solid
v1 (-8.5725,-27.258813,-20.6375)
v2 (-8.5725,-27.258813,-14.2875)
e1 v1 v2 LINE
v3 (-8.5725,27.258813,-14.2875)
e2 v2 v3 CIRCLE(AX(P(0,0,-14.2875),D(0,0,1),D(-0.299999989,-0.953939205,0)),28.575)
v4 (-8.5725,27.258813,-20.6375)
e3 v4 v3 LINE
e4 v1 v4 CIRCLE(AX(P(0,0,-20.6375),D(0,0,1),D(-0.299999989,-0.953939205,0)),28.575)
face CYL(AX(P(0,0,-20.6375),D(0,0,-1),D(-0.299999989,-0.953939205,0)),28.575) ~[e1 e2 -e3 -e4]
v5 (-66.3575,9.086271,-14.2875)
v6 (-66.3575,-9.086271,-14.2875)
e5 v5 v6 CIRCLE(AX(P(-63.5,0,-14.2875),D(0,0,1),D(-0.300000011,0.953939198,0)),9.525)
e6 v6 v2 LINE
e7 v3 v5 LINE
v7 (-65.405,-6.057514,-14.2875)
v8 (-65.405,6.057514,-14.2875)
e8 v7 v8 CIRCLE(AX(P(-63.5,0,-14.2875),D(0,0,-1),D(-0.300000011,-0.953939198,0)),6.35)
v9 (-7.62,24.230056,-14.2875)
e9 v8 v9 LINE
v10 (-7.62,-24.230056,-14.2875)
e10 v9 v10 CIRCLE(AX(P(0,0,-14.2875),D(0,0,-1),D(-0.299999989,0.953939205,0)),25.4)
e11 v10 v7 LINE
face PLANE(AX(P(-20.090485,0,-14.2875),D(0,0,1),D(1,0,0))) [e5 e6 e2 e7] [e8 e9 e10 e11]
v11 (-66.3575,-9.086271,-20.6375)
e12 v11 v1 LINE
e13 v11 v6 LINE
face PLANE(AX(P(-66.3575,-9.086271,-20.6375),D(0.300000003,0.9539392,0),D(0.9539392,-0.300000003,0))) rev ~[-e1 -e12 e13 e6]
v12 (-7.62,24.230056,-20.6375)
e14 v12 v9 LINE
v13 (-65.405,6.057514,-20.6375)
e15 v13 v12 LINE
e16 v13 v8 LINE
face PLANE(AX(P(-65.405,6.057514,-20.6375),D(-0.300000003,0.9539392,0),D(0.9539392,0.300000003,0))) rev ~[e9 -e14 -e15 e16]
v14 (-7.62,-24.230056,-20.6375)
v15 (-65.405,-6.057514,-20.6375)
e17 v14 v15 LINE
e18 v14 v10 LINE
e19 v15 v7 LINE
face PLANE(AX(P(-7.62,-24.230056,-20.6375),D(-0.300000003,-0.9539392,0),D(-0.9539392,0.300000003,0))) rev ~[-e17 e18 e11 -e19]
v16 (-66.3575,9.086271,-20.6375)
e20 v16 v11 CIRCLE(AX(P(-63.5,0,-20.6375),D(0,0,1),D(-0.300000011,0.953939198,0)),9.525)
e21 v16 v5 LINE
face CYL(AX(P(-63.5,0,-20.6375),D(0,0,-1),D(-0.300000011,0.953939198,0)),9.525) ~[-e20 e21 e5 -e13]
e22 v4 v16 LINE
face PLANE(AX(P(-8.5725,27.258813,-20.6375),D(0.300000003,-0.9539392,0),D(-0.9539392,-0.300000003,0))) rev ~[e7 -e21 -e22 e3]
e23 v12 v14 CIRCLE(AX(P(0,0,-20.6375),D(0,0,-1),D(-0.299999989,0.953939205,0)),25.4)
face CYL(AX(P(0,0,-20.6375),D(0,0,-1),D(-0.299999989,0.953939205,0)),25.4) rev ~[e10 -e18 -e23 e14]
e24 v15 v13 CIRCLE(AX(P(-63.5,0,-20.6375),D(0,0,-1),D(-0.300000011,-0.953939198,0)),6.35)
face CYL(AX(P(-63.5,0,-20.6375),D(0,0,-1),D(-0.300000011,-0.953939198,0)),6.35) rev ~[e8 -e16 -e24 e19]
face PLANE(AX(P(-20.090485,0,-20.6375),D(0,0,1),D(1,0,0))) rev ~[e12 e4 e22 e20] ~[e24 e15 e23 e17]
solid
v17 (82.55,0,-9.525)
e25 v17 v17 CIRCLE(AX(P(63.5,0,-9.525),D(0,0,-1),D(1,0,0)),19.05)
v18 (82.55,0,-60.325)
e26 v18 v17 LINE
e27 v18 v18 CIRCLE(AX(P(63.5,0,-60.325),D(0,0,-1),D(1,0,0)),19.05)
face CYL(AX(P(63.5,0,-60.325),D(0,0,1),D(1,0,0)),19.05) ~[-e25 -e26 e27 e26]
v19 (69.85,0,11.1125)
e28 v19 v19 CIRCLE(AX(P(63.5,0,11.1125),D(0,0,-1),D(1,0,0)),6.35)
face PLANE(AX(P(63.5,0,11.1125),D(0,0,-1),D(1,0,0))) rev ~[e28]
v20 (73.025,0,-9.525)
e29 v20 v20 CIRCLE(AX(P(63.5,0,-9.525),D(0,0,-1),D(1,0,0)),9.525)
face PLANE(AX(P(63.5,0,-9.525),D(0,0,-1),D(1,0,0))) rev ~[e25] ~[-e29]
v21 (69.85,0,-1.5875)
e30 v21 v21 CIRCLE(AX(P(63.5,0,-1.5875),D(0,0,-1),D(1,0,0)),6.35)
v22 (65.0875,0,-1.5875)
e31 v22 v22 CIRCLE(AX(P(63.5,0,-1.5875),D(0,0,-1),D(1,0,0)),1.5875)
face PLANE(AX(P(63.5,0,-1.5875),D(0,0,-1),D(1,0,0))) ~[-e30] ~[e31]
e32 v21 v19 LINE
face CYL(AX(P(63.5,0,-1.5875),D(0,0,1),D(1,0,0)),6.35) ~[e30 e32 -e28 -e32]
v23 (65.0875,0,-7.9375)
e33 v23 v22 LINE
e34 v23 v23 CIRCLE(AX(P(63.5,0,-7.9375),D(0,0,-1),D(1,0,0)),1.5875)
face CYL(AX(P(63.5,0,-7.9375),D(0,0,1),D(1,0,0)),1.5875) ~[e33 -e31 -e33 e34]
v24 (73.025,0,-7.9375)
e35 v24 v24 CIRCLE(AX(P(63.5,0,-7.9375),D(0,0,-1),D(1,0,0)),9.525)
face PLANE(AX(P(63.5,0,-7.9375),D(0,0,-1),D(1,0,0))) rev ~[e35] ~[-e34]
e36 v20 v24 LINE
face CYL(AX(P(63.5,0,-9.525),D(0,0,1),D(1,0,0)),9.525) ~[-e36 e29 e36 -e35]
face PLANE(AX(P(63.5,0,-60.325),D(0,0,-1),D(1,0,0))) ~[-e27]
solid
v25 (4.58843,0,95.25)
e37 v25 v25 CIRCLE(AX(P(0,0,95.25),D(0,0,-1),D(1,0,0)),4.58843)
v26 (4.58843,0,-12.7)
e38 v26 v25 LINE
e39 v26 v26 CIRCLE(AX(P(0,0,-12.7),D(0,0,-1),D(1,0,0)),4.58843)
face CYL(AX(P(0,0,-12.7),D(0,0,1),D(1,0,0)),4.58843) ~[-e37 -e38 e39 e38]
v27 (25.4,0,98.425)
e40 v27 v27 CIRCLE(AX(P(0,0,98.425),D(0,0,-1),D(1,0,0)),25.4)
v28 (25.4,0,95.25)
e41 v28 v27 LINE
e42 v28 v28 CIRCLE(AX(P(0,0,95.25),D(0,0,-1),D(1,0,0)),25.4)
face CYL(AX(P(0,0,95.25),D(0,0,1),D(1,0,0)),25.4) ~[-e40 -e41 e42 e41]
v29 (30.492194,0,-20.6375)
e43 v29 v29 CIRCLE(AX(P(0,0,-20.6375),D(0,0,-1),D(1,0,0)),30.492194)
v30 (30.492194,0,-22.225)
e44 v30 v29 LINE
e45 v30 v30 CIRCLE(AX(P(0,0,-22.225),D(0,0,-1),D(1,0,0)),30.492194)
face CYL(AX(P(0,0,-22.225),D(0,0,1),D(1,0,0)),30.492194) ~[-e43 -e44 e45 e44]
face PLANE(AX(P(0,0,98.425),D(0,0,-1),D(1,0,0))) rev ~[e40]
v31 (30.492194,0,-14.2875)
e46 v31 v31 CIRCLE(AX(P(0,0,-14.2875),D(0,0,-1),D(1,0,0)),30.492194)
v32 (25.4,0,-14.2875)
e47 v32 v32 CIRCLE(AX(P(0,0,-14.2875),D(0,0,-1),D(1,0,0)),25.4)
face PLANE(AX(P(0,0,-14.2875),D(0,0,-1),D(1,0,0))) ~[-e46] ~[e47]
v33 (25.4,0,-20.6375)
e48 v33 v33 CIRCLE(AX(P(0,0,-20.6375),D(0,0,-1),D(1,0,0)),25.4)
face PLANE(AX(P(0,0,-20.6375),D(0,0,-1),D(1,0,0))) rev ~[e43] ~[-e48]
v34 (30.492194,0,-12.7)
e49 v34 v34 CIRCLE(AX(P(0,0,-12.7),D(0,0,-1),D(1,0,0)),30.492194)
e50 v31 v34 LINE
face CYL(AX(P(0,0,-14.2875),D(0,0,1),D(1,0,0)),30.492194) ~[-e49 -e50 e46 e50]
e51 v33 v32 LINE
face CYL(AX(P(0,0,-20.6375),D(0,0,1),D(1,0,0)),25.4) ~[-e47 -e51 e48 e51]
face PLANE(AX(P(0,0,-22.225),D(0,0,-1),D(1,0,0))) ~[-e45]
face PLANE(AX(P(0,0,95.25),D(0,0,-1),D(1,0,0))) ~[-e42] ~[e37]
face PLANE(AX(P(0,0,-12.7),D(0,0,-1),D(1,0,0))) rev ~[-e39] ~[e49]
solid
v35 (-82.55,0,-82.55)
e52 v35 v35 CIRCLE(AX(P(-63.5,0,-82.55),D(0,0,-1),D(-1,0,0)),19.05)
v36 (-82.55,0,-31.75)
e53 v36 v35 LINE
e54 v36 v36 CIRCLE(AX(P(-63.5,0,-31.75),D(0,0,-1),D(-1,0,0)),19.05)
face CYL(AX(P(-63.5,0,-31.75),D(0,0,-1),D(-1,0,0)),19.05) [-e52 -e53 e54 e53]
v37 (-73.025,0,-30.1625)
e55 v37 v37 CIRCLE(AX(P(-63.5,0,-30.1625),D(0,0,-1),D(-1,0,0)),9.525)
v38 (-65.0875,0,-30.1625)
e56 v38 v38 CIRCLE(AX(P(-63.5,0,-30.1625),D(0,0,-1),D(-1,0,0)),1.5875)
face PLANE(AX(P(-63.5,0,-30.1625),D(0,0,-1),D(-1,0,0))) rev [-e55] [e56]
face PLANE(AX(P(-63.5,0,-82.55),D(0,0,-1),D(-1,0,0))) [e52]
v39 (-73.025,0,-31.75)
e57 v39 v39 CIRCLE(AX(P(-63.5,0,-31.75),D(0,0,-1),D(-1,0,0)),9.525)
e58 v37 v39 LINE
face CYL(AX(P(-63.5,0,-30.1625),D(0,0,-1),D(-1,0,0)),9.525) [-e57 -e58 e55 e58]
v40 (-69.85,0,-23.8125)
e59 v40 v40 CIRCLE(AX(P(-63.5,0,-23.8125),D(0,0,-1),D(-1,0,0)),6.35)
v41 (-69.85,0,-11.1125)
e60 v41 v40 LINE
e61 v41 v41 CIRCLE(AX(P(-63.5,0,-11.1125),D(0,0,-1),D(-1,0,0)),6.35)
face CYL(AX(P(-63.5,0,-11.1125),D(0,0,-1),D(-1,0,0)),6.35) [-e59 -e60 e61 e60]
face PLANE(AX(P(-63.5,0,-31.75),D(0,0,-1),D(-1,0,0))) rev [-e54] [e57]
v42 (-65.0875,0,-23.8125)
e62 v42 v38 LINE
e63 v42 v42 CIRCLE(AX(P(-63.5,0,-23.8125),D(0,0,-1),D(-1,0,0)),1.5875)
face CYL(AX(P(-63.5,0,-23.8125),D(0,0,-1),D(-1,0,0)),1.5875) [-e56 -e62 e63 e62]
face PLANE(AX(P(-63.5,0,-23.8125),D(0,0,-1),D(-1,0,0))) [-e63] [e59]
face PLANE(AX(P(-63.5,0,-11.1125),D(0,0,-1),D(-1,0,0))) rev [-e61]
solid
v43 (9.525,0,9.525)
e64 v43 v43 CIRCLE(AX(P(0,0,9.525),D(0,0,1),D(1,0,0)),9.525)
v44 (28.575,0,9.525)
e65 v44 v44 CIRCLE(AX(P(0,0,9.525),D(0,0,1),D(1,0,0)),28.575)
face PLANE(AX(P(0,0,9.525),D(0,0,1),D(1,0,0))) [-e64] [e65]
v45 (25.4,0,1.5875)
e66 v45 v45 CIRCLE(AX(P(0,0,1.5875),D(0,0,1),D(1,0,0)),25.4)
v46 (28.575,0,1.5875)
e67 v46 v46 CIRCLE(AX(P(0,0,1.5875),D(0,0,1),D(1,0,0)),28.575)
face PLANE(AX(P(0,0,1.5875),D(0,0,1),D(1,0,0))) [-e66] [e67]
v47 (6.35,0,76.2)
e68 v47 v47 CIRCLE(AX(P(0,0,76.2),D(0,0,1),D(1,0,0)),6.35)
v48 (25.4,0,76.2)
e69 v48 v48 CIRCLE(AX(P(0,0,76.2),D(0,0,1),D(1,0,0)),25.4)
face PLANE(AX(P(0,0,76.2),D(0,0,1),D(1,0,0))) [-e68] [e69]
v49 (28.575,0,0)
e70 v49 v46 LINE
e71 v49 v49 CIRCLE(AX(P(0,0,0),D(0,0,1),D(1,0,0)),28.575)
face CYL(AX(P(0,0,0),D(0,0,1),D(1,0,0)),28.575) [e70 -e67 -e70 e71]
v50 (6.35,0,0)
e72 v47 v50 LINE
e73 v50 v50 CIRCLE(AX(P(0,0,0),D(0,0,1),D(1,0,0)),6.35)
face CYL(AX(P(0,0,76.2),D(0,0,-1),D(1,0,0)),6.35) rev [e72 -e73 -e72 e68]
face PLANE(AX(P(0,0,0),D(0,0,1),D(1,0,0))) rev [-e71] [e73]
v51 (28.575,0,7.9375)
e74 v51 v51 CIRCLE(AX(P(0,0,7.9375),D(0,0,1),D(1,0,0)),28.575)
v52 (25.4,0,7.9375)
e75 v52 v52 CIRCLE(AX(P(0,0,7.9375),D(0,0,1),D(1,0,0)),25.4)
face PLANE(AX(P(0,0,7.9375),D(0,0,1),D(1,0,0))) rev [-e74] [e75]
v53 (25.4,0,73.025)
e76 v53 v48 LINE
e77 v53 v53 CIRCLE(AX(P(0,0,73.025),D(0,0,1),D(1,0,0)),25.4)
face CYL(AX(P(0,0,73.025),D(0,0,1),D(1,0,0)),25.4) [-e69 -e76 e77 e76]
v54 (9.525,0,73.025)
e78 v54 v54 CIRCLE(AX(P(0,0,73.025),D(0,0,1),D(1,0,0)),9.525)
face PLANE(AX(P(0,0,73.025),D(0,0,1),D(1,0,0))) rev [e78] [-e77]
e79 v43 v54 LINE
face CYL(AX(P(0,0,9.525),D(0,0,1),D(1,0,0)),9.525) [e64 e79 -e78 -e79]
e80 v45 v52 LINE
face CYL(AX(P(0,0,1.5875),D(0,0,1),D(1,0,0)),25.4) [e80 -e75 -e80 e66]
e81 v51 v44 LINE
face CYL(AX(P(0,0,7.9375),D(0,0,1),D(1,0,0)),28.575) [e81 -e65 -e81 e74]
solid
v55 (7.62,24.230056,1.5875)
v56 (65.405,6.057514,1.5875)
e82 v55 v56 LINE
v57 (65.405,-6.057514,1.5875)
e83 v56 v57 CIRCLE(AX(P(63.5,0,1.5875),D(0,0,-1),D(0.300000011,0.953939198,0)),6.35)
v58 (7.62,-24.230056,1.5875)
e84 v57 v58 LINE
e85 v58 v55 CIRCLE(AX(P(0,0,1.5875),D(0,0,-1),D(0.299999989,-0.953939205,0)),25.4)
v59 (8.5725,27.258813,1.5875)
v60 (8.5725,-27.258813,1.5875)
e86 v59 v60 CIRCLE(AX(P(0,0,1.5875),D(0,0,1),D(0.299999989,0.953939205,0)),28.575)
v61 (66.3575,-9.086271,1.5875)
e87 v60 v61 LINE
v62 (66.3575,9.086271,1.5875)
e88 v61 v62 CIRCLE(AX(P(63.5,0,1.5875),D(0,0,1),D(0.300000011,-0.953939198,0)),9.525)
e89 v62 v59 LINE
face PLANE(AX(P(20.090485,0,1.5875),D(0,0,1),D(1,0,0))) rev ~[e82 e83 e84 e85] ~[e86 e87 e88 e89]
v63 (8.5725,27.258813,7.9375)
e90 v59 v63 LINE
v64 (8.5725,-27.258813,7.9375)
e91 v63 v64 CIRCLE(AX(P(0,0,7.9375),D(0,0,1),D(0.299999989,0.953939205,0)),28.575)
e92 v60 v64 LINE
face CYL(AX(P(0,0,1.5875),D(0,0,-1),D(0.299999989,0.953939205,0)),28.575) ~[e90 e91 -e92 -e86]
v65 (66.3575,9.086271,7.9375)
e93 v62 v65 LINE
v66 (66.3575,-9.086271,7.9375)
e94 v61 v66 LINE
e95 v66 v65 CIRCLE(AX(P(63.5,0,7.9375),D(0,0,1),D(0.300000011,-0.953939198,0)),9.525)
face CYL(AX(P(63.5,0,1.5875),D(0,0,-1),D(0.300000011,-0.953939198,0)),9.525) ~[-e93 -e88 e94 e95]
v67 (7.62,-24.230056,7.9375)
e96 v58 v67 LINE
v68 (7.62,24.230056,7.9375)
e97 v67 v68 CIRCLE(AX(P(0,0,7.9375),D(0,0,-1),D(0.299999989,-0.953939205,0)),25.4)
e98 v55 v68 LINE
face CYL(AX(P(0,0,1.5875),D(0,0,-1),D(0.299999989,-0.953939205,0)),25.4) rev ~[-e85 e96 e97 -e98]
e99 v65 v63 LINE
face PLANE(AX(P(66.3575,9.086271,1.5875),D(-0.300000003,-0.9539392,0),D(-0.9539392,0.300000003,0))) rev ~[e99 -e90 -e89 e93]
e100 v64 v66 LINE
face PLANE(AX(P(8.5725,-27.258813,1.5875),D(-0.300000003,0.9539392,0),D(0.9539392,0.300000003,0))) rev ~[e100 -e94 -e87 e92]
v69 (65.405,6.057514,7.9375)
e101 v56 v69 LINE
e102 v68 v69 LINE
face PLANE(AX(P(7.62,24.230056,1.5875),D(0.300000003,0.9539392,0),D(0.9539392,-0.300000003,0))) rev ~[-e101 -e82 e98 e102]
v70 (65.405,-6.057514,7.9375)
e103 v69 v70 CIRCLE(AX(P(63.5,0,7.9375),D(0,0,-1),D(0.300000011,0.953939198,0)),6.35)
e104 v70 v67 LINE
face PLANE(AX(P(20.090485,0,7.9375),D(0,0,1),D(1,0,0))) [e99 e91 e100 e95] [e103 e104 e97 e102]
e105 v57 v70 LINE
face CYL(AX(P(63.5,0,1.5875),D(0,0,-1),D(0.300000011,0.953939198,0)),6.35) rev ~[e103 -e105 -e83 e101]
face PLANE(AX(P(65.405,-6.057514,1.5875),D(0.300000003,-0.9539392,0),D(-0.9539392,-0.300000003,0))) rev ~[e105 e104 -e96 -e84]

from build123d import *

# Parameters (mm, degrees)
F5_DEPTH = 6.35
F7_DEPTH = 6.35


with BuildPart() as f1:
    # F0 (on Front) → F1 (revolve)
    with BuildSketch(Plane.XZ):
        Polygon((25.4, 76.2), (6.35, 76.2), (6.35, 0), (28.575, 0), (28.575, 1.5875), (25.4, 1.5875), (25.4, 7.9375), (28.575, 7.9375), (28.575, 9.525), (9.525, 9.525), (9.525, 73.025), (25.4, 73.025), align=None)
    revolve(axis=Axis((0, 0, 38.1), (0, 0, 1)))


with BuildPart() as f3:
    # F2 (on Front) → F3 (revolve)
    with BuildSketch(Plane.XZ):
        Polygon((0, 98.425), (0, -22.225), (30.492194, -22.225), (30.492194, -20.6375), (25.4, -20.6375), (25.4, -14.2875), (30.492194, -14.2875), (30.492194, -12.7), (4.58843, -12.7), (4.58843, 95.25), (25.4, 95.25), (25.4, 98.425), align=None)
    revolve(axis=Axis((0, 0, 38.1), (0, 0, -1)))


with BuildPart() as f5:
    # F4 (on face) → F5 (new body)
    with BuildSketch(Plane.XY.offset(-20.6375)):
        with BuildLine():
            Line((-8.5725, 27.258813), (-66.3575, 9.086271))
            ThreePointArc((-66.3575, 9.086271), (-73.025, 0), (-66.3575, -9.086271))
            Line((-66.3575, -9.086271), (-8.5725, -27.258813))
            ThreePointArc((-8.5725, -27.258813), (28.575, 0), (-8.5725, 27.258813))
        make_face()
        with BuildLine():
            ThreePointArc((-7.62, 24.230056), (25.4, 0), (-7.62, -24.230056))
            Line((-7.62, -24.230056), (-65.405, -6.057514))
            ThreePointArc((-65.405, -6.057514), (-69.85, 0), (-65.405, 6.057514))
            Line((-65.405, 6.057514), (-7.62, 24.230056))
        make_face(mode=Mode.SUBTRACT)
    extrude(amount=F5_DEPTH)


with BuildPart() as f7:
    # F6 (on face) → F7 (new body)
    with BuildSketch(Plane.XY.offset(1.5875)):
        with BuildLine():
            Line((66.3575, 9.086271), (8.5725, 27.258813))
            ThreePointArc((8.5725, 27.258813), (-28.575, 0), (8.5725, -27.258813))
            Line((8.5725, -27.258813), (66.3575, -9.086271))
            ThreePointArc((66.3575, -9.086271), (73.025, 0), (66.3575, 9.086271))
        make_face()
        with BuildLine():
            ThreePointArc((65.405, 6.057514), (69.85, 0), (65.405, -6.057514))
            Line((65.405, -6.057514), (7.62, -24.230056))
            ThreePointArc((7.62, -24.230056), (-25.4, 0), (7.62, 24.230056))
            Line((7.62, 24.230056), (65.405, 6.057514))
        make_face(mode=Mode.SUBTRACT)
    extrude(amount=F7_DEPTH)


with BuildPart() as f9:
    # F8 (on Front) → F9 (revolve)
    with BuildSketch(Plane.XZ):
        Polygon((-63.5, -82.55), (-63.5, -11.1125), (-69.85, -11.1125), (-69.85, -23.8125), (-65.0875, -23.8125), (-65.0875, -30.1625), (-73.025, -30.1625), (-73.025, -31.75), (-82.55, -31.75), (-82.55, -82.55), align=None)
    revolve(axis=Axis((-63.5, 0, -20.6375), (0, 0, -1)))


with BuildPart() as f11:
    # F10 (on Front) → F11 (revolve)
    with BuildSketch(Plane.XZ):
        Polygon((69.85, 11.1125), (63.5, 11.1125), (63.5, -60.325), (82.55, -60.325), (82.55, -9.525), (73.025, -9.525), (73.025, -7.9375), (65.0875, -7.9375), (65.0875, -1.5875), (69.85, -1.5875), align=None)
    revolve(axis=Axis((63.5, 0, -5.2945), (0, 0, -1)))


solid = Compound([f1.part, f3.part, f5.part, f7.part, f9.part, f11.part])
